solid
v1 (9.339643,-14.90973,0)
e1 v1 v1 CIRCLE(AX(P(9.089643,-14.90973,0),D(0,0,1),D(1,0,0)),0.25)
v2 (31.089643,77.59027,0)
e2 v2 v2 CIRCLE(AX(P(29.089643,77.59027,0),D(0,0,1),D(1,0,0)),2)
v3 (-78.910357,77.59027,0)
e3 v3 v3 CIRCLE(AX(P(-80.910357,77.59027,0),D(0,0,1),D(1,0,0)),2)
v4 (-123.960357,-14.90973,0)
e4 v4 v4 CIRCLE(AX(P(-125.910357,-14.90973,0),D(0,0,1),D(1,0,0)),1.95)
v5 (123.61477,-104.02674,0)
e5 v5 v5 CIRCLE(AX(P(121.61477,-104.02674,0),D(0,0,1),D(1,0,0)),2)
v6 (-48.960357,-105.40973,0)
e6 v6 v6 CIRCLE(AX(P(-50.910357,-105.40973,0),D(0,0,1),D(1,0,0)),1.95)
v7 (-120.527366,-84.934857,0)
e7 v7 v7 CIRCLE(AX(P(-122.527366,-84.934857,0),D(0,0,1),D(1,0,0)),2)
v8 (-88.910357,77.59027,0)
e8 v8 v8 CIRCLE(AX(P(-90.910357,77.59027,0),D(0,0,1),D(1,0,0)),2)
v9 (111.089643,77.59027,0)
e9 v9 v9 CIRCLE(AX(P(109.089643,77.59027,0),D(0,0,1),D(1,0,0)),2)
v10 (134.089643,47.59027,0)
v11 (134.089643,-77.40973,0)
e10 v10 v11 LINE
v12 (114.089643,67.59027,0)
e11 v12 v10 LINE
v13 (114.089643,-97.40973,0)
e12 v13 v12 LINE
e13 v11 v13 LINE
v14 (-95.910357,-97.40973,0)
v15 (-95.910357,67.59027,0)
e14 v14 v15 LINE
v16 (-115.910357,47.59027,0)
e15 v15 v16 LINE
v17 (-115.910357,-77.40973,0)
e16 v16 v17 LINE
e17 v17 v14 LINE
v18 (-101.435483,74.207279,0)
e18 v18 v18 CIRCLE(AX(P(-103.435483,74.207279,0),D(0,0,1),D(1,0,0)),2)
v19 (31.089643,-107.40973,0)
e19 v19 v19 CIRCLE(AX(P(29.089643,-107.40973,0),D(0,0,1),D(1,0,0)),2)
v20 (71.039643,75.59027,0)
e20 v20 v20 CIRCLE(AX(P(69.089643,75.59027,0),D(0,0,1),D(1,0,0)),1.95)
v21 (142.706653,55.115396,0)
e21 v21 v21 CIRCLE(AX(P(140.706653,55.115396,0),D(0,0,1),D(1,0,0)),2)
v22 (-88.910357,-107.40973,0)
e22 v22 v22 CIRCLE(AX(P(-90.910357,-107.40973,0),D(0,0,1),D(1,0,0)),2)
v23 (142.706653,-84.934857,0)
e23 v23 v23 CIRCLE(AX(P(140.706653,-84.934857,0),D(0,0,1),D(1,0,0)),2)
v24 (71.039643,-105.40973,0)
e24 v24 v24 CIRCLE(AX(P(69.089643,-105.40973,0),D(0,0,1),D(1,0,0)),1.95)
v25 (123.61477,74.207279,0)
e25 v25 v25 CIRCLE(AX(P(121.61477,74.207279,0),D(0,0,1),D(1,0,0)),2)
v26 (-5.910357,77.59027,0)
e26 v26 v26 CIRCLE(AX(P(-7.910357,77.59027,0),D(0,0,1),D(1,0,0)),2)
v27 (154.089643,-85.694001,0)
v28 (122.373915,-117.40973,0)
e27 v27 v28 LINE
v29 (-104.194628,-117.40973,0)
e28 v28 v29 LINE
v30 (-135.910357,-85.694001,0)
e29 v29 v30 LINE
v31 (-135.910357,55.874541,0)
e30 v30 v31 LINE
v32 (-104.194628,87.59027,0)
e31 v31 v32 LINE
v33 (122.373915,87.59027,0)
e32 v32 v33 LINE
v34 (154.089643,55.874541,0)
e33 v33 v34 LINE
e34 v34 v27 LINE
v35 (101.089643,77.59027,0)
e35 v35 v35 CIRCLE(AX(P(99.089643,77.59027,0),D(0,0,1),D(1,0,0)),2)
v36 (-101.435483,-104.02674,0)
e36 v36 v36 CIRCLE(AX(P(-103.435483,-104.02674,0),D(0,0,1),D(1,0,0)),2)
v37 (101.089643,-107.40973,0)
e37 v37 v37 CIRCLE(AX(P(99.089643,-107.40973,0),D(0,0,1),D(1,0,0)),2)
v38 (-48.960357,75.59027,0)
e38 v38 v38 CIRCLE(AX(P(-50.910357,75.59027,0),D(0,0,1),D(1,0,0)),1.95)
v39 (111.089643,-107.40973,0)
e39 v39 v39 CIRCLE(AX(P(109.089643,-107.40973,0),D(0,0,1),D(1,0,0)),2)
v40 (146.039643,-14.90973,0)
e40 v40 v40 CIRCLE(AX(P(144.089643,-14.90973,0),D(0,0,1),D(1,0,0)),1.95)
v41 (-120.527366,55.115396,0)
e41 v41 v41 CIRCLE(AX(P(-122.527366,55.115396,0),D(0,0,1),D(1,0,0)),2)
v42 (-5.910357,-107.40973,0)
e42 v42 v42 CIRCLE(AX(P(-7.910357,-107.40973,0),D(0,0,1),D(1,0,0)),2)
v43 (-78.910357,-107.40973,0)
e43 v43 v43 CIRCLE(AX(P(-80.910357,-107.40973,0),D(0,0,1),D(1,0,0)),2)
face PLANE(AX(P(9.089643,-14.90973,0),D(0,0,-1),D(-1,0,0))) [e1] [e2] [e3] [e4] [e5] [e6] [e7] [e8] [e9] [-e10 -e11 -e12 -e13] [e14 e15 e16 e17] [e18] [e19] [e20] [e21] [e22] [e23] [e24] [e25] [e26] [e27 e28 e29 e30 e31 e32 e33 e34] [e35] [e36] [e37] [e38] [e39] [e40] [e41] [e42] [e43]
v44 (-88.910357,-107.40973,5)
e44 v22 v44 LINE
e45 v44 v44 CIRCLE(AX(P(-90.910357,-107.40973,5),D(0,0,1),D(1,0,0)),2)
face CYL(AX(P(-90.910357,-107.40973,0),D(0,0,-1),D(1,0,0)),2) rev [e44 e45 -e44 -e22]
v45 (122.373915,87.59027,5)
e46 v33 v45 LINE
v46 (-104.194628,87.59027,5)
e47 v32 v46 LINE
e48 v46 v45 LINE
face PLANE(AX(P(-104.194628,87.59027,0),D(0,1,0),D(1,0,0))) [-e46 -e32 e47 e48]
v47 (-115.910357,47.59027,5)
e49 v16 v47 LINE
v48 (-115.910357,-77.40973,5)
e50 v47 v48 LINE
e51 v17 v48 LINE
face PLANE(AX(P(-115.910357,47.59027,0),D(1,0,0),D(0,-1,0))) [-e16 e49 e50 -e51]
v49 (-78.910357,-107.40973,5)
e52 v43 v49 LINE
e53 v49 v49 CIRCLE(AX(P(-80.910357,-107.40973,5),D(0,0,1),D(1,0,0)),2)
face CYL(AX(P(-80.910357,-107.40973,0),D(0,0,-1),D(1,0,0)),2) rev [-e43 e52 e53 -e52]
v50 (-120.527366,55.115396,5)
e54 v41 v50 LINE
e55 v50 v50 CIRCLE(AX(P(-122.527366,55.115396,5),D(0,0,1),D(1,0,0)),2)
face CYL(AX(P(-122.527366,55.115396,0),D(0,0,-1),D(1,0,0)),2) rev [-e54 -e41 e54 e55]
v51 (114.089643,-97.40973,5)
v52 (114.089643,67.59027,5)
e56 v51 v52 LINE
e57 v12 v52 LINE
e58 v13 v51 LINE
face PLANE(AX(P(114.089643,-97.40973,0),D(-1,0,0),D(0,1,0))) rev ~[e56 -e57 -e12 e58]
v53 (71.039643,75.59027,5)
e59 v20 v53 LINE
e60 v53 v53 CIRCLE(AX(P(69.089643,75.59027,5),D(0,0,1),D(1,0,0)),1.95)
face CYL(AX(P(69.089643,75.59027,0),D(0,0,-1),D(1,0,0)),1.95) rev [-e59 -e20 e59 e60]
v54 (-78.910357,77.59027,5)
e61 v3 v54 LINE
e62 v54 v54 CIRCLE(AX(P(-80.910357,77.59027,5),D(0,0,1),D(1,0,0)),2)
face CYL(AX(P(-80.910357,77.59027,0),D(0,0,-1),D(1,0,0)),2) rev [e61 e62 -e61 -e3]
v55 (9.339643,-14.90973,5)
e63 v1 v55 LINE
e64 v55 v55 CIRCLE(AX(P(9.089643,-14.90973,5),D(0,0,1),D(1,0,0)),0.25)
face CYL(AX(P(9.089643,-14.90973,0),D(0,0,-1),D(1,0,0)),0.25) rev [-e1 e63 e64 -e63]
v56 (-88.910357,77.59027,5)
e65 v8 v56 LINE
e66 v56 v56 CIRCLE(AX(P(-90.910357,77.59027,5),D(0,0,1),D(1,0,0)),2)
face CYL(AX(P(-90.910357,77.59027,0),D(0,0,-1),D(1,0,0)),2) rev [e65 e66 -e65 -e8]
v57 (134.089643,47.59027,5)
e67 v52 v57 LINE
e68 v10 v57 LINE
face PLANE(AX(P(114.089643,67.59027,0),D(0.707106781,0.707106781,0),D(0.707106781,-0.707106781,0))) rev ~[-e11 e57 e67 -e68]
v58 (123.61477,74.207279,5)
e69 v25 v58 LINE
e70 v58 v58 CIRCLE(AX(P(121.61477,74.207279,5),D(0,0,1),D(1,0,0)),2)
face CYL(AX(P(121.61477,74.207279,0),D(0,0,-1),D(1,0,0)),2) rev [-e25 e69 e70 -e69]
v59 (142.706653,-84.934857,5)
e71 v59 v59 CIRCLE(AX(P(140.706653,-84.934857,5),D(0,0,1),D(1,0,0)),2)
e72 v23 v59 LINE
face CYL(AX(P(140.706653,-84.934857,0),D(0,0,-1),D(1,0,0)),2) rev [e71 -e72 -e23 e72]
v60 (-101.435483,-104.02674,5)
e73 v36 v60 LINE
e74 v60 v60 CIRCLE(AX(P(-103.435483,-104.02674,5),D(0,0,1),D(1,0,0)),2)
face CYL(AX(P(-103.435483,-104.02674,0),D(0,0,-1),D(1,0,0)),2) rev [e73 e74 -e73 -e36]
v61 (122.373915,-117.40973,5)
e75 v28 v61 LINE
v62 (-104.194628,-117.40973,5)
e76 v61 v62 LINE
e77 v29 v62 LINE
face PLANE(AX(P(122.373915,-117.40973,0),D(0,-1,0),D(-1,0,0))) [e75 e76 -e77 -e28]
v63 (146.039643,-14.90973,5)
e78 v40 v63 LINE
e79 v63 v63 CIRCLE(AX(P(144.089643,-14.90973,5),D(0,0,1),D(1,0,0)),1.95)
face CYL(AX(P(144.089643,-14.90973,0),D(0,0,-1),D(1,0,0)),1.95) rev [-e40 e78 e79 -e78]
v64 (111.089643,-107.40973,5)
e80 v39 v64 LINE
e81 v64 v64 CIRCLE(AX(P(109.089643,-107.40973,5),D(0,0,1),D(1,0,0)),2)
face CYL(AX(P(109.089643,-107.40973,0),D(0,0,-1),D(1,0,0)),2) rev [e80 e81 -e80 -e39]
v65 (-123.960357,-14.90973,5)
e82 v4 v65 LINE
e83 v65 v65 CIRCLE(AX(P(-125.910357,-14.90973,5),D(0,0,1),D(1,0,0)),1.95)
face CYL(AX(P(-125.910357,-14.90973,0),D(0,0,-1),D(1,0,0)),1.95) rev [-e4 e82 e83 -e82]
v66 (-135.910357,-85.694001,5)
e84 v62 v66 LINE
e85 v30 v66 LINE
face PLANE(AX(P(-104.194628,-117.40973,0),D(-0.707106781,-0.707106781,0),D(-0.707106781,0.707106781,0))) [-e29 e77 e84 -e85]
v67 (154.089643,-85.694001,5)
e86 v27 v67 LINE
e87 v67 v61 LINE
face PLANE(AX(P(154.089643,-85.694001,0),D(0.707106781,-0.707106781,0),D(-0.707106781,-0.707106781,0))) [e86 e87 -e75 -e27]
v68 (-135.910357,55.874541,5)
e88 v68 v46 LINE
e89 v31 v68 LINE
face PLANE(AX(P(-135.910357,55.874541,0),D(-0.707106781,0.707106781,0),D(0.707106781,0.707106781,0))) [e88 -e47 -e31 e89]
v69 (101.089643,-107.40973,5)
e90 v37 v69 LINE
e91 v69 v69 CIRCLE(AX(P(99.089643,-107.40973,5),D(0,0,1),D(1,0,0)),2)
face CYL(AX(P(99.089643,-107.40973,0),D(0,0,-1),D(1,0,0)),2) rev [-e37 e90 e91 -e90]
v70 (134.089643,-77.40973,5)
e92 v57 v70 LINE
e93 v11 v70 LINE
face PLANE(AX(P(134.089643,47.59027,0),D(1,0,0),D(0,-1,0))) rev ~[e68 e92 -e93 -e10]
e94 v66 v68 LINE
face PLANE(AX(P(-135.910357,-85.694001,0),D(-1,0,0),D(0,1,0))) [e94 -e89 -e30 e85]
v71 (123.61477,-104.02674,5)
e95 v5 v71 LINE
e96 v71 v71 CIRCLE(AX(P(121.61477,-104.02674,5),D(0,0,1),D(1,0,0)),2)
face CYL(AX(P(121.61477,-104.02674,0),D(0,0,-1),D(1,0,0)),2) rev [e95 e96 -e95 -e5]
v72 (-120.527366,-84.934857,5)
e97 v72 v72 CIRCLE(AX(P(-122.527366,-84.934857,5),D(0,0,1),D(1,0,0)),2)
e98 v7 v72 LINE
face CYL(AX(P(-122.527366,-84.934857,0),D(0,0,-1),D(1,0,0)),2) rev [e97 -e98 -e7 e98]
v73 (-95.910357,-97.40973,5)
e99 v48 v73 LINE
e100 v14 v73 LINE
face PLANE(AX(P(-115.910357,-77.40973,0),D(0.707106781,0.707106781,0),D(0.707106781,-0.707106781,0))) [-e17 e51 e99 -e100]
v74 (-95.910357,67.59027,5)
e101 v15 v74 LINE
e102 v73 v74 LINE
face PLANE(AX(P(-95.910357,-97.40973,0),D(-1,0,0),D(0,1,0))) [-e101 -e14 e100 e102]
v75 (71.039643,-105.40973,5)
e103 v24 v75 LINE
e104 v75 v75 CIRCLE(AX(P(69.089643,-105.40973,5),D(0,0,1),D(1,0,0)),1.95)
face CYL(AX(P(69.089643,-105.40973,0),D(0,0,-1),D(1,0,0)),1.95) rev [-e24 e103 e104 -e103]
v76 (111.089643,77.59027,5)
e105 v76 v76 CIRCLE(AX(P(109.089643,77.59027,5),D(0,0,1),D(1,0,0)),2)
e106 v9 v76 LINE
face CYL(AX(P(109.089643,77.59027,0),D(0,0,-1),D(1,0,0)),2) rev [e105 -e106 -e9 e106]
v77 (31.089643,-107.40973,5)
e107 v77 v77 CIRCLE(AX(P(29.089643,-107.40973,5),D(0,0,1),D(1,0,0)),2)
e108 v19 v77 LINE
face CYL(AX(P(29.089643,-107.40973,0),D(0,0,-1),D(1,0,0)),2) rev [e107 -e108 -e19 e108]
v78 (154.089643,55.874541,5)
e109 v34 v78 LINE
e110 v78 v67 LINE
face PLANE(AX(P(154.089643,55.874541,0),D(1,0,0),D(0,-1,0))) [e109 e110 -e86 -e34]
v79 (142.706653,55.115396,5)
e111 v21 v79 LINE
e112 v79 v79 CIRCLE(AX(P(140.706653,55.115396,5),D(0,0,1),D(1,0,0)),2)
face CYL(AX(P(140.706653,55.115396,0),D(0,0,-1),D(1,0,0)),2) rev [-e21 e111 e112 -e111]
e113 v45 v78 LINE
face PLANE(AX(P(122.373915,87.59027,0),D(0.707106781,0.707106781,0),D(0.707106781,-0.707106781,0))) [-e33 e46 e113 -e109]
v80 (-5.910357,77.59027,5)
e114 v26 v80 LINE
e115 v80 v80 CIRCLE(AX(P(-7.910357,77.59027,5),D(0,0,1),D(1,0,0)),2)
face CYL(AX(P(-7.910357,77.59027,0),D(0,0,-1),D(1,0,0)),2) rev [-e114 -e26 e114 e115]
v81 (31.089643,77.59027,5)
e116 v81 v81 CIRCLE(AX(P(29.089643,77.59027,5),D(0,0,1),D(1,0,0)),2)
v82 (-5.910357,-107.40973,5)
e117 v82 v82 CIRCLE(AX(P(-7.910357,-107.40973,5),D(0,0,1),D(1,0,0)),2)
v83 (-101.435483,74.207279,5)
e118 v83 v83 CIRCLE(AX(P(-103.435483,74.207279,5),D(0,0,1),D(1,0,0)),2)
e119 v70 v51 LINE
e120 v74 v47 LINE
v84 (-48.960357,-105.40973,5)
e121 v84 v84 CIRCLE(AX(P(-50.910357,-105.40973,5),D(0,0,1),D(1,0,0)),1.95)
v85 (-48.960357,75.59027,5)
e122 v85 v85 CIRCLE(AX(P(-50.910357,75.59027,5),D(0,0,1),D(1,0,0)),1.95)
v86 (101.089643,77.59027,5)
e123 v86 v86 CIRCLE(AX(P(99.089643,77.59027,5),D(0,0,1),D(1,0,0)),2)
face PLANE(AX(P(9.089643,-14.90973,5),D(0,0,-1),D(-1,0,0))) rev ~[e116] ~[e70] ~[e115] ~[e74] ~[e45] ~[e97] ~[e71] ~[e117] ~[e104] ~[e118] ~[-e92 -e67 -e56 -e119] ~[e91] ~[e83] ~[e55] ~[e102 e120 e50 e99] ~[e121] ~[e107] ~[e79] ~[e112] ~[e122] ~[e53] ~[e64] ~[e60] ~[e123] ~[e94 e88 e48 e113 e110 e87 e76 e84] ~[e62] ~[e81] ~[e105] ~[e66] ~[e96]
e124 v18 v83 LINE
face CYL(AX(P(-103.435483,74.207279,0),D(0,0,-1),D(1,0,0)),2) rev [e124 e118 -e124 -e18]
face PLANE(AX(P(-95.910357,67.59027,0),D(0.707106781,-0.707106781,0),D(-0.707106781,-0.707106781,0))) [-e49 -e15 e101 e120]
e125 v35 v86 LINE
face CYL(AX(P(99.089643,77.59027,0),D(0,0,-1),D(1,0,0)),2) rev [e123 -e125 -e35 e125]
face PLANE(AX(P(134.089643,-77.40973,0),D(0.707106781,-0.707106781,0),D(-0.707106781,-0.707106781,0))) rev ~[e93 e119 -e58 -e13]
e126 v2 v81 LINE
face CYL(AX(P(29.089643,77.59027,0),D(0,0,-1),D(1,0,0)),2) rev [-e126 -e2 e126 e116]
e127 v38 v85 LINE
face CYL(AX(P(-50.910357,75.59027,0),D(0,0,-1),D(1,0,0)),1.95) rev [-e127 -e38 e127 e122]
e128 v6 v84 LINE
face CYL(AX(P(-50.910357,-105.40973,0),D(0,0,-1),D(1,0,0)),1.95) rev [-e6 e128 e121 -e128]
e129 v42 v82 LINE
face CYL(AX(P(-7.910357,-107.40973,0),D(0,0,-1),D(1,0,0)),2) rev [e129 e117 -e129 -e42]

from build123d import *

# Parameters (mm, degrees)
SKETCH1_R           = 2
SKETCH1_R_2         = 1.95
SKETCH1_R_3         = 0.25
BOSS_EXTRUDE1_DEPTH = 5


with BuildPart() as part:
    # Sketch1 → Boss-Extrude1 (new body)
    with BuildSketch(Plane.XY):
        Polygon((-104.194627872, 87.590269756), (122.373914623, 87.590269756), (154.089643375, 55.874541003), (154.089643375, -85.694001492), (122.373914623, -117.409730244), (-104.194627872, -117.409730244), (-135.910356625, -85.694001492), (-135.910356625, 55.874541003), align=None)
        with Locations((121.614769641, 74.207279114)):
            Circle(SKETCH1_R, mode=Mode.SUBTRACT)
        with Locations((140.706652733, 55.115396022)):
            Circle(SKETCH1_R, mode=Mode.SUBTRACT)
        with Locations((-103.435482891, 74.207279114)):
            Circle(SKETCH1_R, mode=Mode.SUBTRACT)
        with Locations((-103.435482891, -104.026739602)):
            Circle(SKETCH1_R, mode=Mode.SUBTRACT)
        with Locations((-122.527365983, 55.115396022)):
            Circle(SKETCH1_R, mode=Mode.SUBTRACT)
        with Locations((-122.527365983, -84.93485651)):
            Circle(SKETCH1_R, mode=Mode.SUBTRACT)
        with Locations((121.614769641, -104.026739602)):
            Circle(SKETCH1_R, mode=Mode.SUBTRACT)
        with Locations((140.706652733, -84.93485651)):
            Circle(SKETCH1_R, mode=Mode.SUBTRACT)
        with Locations((29.089643375, 77.590269756)):
            Circle(SKETCH1_R, mode=Mode.SUBTRACT)
        with Locations((29.089643375, -107.409730244)):
            Circle(SKETCH1_R, mode=Mode.SUBTRACT)
        with Locations((-7.910356625, -107.409730244)):
            Circle(SKETCH1_R, mode=Mode.SUBTRACT)
        with Locations((-7.910356625, 77.590269756)):
            Circle(SKETCH1_R, mode=Mode.SUBTRACT)
        with Locations((-90.910356625, 77.590269756)):
            Circle(SKETCH1_R, mode=Mode.SUBTRACT)
        with Locations((109.089643375, -107.409730244)):
            Circle(SKETCH1_R, mode=Mode.SUBTRACT)
        with Locations((99.089643375, -107.409730244)):
            Circle(SKETCH1_R, mode=Mode.SUBTRACT)
        with Locations((-80.910356625, 77.590269756)):
            Circle(SKETCH1_R, mode=Mode.SUBTRACT)
        with Locations((-90.910356625, -107.409730244)):
            Circle(SKETCH1_R, mode=Mode.SUBTRACT)
        with Locations((-80.910356625, -107.409730244)):
            Circle(SKETCH1_R, mode=Mode.SUBTRACT)
        with Locations((99.089643375, 77.590269756)):
            Circle(SKETCH1_R, mode=Mode.SUBTRACT)
        with Locations((109.089643375, 77.590269756)):
            Circle(SKETCH1_R, mode=Mode.SUBTRACT)
        with Locations((69.089643375, 75.590269756)):
            Circle(SKETCH1_R_2, mode=Mode.SUBTRACT)
        with Locations((-50.910356625, 75.590269756)):
            Circle(SKETCH1_R_2, mode=Mode.SUBTRACT)
        with Locations((-50.910356625, -105.409730244)):
            Circle(SKETCH1_R_2, mode=Mode.SUBTRACT)
        with Locations((69.089643375, -105.409730244)):
            Circle(SKETCH1_R_2, mode=Mode.SUBTRACT)
        with Locations((144.089643375, -14.909730244)):
            Circle(SKETCH1_R_2, mode=Mode.SUBTRACT)
        with Locations((-125.910356625, -14.909730244)):
            Circle(SKETCH1_R_2, mode=Mode.SUBTRACT)
        with Locations((9.089643375, -14.909730244)):
            Circle(SKETCH1_R_3, mode=Mode.SUBTRACT)
        Polygon((134.089643375, 47.590269756), (134.089643375, -77.409730244), (114.089643375, -97.409730244), (114.089643375, 67.590269756), align=None, mode=Mode.SUBTRACT)
        Polygon((-115.910356625, 47.590269756), (-115.910356625, -77.409730244), (-95.910356625, -97.409730244), (-95.910356625, 67.590269756), align=None, mode=Mode.SUBTRACT)
    extrude(amount=BOSS_EXTRUDE1_DEPTH)


solid = part.part
